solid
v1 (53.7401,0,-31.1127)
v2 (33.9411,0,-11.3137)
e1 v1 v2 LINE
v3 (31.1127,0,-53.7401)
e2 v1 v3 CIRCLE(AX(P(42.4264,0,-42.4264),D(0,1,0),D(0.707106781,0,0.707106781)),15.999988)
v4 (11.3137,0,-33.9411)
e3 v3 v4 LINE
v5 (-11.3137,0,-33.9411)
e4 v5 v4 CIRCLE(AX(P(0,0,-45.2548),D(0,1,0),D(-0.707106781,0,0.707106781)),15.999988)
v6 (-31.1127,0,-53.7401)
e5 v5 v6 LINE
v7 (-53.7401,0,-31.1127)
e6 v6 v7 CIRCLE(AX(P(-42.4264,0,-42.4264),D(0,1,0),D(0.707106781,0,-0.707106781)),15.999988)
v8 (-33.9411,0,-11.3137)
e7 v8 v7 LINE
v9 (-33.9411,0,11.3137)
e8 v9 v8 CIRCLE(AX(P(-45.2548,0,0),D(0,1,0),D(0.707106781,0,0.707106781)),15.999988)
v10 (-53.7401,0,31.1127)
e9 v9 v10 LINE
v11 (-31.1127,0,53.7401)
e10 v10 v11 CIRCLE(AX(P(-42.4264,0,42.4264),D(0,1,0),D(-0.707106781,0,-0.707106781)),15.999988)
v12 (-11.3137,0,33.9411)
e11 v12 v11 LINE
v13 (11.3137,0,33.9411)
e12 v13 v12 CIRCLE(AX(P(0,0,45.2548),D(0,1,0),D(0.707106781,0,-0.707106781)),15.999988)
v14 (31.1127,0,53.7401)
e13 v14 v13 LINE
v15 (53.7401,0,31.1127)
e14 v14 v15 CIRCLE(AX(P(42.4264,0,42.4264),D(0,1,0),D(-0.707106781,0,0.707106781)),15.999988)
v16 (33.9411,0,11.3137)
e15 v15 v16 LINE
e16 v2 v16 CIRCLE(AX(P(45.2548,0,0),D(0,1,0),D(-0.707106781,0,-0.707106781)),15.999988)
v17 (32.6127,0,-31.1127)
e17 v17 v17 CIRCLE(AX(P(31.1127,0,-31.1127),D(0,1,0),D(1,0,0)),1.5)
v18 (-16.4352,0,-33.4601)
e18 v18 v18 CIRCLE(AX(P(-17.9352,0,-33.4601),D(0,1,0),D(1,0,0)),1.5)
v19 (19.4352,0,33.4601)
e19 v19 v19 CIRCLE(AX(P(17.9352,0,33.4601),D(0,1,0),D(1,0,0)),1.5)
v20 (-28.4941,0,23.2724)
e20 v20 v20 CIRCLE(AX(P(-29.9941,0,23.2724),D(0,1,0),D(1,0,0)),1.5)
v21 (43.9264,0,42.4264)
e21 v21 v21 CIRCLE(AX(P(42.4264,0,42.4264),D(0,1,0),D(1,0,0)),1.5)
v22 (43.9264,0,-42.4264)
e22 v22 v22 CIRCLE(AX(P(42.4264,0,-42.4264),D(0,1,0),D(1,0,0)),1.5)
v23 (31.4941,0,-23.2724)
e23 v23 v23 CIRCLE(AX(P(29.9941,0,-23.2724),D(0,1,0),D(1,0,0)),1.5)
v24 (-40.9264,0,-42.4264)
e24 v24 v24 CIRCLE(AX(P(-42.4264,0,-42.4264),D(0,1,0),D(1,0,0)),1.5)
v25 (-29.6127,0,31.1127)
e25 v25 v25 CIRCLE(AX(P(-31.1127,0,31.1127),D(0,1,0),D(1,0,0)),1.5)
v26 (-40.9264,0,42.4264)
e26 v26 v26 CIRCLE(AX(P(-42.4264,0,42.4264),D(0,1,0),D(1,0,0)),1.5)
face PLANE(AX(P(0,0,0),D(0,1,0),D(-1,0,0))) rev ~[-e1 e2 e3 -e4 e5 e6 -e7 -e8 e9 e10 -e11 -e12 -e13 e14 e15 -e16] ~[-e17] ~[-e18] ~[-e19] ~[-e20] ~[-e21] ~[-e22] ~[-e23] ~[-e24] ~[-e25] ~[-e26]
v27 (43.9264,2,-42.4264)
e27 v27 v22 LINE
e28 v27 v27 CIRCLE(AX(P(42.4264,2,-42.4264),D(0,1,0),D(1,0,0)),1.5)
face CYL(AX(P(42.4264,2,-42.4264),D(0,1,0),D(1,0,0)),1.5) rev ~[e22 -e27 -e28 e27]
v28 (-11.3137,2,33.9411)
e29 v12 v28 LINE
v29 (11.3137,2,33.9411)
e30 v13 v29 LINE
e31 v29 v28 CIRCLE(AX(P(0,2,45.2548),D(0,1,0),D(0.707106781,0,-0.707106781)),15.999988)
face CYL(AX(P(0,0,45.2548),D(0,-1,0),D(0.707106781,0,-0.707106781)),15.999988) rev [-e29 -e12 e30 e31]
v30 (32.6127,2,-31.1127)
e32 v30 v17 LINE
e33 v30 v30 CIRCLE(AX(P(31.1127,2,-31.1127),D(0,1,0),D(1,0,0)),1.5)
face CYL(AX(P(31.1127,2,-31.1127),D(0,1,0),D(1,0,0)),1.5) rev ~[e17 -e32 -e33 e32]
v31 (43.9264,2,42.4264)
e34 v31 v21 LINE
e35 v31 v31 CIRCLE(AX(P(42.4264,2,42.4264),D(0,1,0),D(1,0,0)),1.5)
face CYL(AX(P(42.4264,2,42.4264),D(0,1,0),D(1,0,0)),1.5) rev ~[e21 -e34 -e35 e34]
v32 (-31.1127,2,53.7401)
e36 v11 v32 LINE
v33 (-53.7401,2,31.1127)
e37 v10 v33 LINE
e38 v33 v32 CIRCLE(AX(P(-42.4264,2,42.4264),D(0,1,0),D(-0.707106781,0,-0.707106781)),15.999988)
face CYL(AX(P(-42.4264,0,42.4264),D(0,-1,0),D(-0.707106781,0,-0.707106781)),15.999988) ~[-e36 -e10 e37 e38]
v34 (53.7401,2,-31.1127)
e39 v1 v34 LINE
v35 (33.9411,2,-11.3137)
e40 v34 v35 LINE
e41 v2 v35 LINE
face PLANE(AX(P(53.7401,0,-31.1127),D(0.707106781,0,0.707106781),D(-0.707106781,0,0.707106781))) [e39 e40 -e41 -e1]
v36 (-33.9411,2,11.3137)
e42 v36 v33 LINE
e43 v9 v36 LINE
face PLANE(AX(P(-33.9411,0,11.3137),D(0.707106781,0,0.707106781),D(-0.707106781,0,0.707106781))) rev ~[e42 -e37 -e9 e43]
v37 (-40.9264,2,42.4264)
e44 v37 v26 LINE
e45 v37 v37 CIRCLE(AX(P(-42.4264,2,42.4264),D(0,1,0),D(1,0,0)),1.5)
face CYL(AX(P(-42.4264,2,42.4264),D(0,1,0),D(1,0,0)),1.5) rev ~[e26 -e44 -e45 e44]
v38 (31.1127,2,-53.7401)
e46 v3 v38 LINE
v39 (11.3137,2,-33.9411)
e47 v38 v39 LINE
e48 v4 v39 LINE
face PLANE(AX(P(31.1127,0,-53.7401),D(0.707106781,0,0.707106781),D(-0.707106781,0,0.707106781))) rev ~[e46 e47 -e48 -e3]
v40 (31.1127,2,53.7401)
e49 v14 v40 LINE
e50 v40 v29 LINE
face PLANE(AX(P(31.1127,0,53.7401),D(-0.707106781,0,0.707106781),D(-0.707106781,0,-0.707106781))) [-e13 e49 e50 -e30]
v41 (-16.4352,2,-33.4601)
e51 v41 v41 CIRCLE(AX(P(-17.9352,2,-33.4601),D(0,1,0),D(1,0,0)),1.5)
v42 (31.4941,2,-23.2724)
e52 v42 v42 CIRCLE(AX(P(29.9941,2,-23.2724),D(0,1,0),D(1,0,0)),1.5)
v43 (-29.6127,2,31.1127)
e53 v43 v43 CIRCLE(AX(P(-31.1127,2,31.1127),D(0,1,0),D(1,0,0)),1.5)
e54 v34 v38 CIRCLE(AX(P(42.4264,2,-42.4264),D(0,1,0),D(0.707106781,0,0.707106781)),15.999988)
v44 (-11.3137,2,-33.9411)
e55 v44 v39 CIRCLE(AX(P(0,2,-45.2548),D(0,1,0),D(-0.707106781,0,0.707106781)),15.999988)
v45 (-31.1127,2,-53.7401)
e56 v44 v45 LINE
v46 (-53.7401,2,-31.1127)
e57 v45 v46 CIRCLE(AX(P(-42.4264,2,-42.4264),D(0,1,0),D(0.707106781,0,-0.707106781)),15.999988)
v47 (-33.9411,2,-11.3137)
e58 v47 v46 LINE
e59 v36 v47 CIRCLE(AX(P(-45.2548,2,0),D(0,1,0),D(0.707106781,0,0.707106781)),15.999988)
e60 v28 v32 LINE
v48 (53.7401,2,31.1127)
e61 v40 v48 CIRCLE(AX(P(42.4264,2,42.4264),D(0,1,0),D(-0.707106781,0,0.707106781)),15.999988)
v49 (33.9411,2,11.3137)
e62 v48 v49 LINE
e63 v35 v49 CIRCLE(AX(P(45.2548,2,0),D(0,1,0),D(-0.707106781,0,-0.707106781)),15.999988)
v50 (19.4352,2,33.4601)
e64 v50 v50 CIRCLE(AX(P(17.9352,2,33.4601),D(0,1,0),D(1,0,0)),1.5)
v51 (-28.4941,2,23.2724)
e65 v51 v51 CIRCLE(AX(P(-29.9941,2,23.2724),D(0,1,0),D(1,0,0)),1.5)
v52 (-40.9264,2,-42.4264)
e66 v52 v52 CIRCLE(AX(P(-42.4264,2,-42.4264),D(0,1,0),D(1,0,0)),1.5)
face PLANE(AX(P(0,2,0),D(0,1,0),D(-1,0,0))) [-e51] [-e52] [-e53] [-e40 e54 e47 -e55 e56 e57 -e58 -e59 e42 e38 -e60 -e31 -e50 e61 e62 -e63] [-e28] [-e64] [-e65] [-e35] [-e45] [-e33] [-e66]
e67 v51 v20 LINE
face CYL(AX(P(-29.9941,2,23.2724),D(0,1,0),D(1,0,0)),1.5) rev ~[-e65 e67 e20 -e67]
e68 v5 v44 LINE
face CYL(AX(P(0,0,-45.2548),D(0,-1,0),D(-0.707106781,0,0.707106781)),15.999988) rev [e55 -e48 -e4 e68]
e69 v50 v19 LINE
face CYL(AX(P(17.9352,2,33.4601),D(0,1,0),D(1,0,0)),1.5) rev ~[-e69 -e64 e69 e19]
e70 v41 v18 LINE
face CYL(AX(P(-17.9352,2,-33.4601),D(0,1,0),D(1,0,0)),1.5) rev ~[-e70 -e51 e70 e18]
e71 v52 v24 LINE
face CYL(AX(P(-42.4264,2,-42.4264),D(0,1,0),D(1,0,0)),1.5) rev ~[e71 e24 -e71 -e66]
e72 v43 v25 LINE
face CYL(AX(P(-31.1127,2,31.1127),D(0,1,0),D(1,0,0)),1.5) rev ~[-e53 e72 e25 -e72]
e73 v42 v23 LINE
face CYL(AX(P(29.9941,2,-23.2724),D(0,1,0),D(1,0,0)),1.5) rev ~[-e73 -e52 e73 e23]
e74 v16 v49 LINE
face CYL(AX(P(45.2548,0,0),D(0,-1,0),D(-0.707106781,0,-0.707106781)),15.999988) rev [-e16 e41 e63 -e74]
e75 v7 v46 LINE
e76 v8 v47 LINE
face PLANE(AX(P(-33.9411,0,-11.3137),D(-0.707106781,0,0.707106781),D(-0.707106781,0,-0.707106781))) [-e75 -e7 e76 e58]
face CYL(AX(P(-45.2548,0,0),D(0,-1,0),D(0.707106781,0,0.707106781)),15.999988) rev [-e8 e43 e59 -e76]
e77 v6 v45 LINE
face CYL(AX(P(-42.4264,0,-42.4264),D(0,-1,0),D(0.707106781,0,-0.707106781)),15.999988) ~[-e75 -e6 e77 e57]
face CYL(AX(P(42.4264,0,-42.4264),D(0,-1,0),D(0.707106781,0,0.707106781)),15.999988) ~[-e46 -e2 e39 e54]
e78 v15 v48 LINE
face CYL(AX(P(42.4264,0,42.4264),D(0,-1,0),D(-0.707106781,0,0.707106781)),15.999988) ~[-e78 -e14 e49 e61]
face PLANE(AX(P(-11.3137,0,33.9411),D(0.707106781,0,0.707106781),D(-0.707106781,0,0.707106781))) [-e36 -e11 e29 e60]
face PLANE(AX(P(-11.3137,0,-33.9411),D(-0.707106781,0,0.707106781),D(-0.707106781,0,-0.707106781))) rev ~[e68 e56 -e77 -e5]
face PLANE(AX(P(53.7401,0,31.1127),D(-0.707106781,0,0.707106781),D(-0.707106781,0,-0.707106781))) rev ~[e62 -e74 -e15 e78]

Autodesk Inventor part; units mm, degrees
ref_plane "YZ Plane" through (0, 0, 0) normal (1, 0, 0) x (0, 1, 0)
ref_plane "XZ Plane" through (0, 0, 0) normal (0, 1, 0) x (-1, 0, 0)
ref_plane "XY Plane" through (0, 0, 0) normal (0, 0, 1) x (1, 0, 0)
sketch "Sketch1" plane through (0, 0, 0) normal (0, 1, 0) x (-1, 0, 0)
  arc A0 (-53.7401, -31.1127) -> (-31.1127, -53.7401) centre (-42.4264, -42.4264) ccw
  arc A1 (31.1127, -53.7401) -> (53.7401, -31.1127) centre (42.4264, -42.4264) ccw
  arc A2 (53.7401, 31.1127) -> (31.1127, 53.7401) centre (42.4264, 42.4264) ccw
  arc A3 (-31.1127, 53.7401) -> (-53.7401, 31.1127) centre (-42.4264, 42.4264) ccw
  line L0 (-53.7401, 31.1127) -> (-33.9411, 11.3137)
  line L1 (11.3137, -33.9411) -> (31.1127, -53.7401)
  line L2 (-53.7401, -31.1127) -> (-33.9411, -11.3137)
  line L3 (11.3137, 33.9411) -> (31.1127, 53.7401)
  line L4 (-31.1127, 53.7401) -> (-11.3137, 33.9411)
  line L5 (33.9411, -11.3137) -> (53.7401, -31.1127)
  line L6 (-31.1127, -53.7401) -> (-11.3137, -33.9411)
  line L7 (33.9411, 11.3137) -> (53.7401, 31.1127)
  arc A4 (11.3137, -33.9411) -> (-11.3137, -33.9411) centre (0, -45.2548) ccw
  arc A5 (33.9411, 11.3137) -> (33.9411, -11.3137) centre (45.2548, 0) ccw
  arc A6 (-11.3137, 33.9411) -> (11.3137, 33.9411) centre (0, 45.2548) ccw
  arc A7 (-33.9411, -11.3137) -> (-33.9411, 11.3137) centre (-45.2548, 0) ccw
  arc A8 (-53.7401, -31.1127) -> (-31.1127, -53.7401) centre (-42.4264, -42.4264) ccw
  arc A9 (31.1127, -53.7401) -> (53.7401, -31.1127) centre (42.4264, -42.4264) ccw
  arc A10 (53.7401, 31.1127) -> (31.1127, 53.7401) centre (42.4264, 42.4264) ccw
  arc A11 (-31.1127, 53.7401) -> (-53.7401, 31.1127) centre (-42.4264, 42.4264) ccw
  line L8 (-53.7401, 31.1127) -> (-33.9411, 11.3137)
  line L9 (11.3137, -33.9411) -> (31.1127, -53.7401)
  line L10 (-53.7401, -31.1127) -> (-33.9411, -11.3137)
  line L11 (11.3137, 33.9411) -> (31.1127, 53.7401)
  line L12 (-31.1127, 53.7401) -> (-11.3137, 33.9411)
  line L13 (33.9411, -11.3137) -> (53.7401, -31.1127)
  line L14 (-31.1127, -53.7401) -> (-11.3137, -33.9411)
  line L15 (33.9411, 11.3137) -> (53.7401, 31.1127)
  arc A12 (11.3137, -33.9411) -> (-11.3137, -33.9411) centre (0, -45.2548) ccw
  arc A13 (33.9411, 11.3137) -> (33.9411, -11.3137) centre (45.2548, 0) ccw
  arc A14 (-11.3137, 33.9411) -> (11.3137, 33.9411) centre (0, 45.2548) ccw
  arc A15 (-33.9411, -11.3137) -> (-33.9411, 11.3137) centre (-45.2548, 0) ccw
  arc A16 (-53.7401, -31.1127) -> (-31.1127, -53.7401) centre (-42.4264, -42.4264) ccw
  arc A17 (31.1127, -53.7401) -> (53.7401, -31.1127) centre (42.4264, -42.4264) ccw
  arc A18 (53.7401, 31.1127) -> (31.1127, 53.7401) centre (42.4264, 42.4264) ccw
  arc A19 (-31.1127, 53.7401) -> (-53.7401, 31.1127) centre (-42.4264, 42.4264) ccw
  line L16 (-53.7401, 31.1127) -> (-33.9411, 11.3137)
  line L17 (11.3137, -33.9411) -> (31.1127, -53.7401)
  line L18 (-53.7401, -31.1127) -> (-33.9411, -11.3137)
  line L19 (11.3137, 33.9411) -> (31.1127, 53.7401)
  line L20 (-31.1127, 53.7401) -> (-11.3137, 33.9411)
  line L21 (33.9411, -11.3137) -> (53.7401, -31.1127)
  line L22 (-31.1127, -53.7401) -> (-11.3137, -33.9411)
  line L23 (33.9411, 11.3137) -> (53.7401, 31.1127)
  arc A20 (11.3137, -33.9411) -> (-11.3137, -33.9411) centre (0, -45.2548) ccw
  arc A21 (33.9411, 11.3137) -> (33.9411, -11.3137) centre (45.2548, 0) ccw
  arc A22 (-11.3137, 33.9411) -> (11.3137, 33.9411) centre (0, 45.2548) ccw
  arc A23 (-33.9411, -11.3137) -> (-33.9411, 11.3137) centre (-45.2548, 0) ccw
  point P0 (0, 0)
  point P1 (0, 0)
  point P2 (0, 0)
  point P3 (0, 0)
  point P4 (0, 0)
  point P5 (0, 0)
  point P6 (0, 0)
extrude "Extrusion1" add sketch "Sketch1" along normal blind 2
sketch "Sketch3" plane through (0, 2, 0) normal (0, 1, 0) x (1, 0, 0)
  arc A0 (53.7401, 31.1127) -> (31.1127, 53.7401) centre (42.4264, 42.4264) ccw projected
  circle A1 centre (42.4264, 42.4264) radius 1.5
  arc A2 (-31.1127, 53.7401) -> (-53.7401, 31.1127) centre (-42.4264, 42.4264) ccw projected
  circle A3 centre (-42.4264, 42.4264) radius 1.5
  arc A4 (-53.7401, -31.1127) -> (-31.1127, -53.7401) centre (-42.4264, -42.4264) ccw projected
  circle A5 centre (-42.4264, -42.4264) radius 1.5
  arc A6 (31.1127, -53.7401) -> (53.7401, -31.1127) centre (42.4264, -42.4264) ccw projected
  circle A7 centre (42.4264, -42.4264) radius 1.5
  circle A8 centre (-31.1127, -31.1127) radius 1.5
  circle A9 centre (31.1127, 31.1127) radius 1.5
  circle A10 centre (-29.9941, -23.2724) radius 1.5
  circle A11 centre (-17.9352, 33.4601) radius 1.5
  circle A12 centre (29.9941, 23.2724) radius 1.5
  circle A13 centre (17.9352, -33.4601) radius 1.5
  point P0 (0, 0)
  dimension "d5" = 3
  dimension "d6" = 3
  dimension "d7" = 3
  dimension "d8" = 3
  dimension "d43" = 3
  dimension "d44" = 3
  dimension "d47" = 3
  dimension "d48" = 3
  dimension "d49" = 3
  dimension "d50" = 3
extrude "Extrusion3" cut sketch "Sketch3" against normal blind 20
properties part number "platform 1"
